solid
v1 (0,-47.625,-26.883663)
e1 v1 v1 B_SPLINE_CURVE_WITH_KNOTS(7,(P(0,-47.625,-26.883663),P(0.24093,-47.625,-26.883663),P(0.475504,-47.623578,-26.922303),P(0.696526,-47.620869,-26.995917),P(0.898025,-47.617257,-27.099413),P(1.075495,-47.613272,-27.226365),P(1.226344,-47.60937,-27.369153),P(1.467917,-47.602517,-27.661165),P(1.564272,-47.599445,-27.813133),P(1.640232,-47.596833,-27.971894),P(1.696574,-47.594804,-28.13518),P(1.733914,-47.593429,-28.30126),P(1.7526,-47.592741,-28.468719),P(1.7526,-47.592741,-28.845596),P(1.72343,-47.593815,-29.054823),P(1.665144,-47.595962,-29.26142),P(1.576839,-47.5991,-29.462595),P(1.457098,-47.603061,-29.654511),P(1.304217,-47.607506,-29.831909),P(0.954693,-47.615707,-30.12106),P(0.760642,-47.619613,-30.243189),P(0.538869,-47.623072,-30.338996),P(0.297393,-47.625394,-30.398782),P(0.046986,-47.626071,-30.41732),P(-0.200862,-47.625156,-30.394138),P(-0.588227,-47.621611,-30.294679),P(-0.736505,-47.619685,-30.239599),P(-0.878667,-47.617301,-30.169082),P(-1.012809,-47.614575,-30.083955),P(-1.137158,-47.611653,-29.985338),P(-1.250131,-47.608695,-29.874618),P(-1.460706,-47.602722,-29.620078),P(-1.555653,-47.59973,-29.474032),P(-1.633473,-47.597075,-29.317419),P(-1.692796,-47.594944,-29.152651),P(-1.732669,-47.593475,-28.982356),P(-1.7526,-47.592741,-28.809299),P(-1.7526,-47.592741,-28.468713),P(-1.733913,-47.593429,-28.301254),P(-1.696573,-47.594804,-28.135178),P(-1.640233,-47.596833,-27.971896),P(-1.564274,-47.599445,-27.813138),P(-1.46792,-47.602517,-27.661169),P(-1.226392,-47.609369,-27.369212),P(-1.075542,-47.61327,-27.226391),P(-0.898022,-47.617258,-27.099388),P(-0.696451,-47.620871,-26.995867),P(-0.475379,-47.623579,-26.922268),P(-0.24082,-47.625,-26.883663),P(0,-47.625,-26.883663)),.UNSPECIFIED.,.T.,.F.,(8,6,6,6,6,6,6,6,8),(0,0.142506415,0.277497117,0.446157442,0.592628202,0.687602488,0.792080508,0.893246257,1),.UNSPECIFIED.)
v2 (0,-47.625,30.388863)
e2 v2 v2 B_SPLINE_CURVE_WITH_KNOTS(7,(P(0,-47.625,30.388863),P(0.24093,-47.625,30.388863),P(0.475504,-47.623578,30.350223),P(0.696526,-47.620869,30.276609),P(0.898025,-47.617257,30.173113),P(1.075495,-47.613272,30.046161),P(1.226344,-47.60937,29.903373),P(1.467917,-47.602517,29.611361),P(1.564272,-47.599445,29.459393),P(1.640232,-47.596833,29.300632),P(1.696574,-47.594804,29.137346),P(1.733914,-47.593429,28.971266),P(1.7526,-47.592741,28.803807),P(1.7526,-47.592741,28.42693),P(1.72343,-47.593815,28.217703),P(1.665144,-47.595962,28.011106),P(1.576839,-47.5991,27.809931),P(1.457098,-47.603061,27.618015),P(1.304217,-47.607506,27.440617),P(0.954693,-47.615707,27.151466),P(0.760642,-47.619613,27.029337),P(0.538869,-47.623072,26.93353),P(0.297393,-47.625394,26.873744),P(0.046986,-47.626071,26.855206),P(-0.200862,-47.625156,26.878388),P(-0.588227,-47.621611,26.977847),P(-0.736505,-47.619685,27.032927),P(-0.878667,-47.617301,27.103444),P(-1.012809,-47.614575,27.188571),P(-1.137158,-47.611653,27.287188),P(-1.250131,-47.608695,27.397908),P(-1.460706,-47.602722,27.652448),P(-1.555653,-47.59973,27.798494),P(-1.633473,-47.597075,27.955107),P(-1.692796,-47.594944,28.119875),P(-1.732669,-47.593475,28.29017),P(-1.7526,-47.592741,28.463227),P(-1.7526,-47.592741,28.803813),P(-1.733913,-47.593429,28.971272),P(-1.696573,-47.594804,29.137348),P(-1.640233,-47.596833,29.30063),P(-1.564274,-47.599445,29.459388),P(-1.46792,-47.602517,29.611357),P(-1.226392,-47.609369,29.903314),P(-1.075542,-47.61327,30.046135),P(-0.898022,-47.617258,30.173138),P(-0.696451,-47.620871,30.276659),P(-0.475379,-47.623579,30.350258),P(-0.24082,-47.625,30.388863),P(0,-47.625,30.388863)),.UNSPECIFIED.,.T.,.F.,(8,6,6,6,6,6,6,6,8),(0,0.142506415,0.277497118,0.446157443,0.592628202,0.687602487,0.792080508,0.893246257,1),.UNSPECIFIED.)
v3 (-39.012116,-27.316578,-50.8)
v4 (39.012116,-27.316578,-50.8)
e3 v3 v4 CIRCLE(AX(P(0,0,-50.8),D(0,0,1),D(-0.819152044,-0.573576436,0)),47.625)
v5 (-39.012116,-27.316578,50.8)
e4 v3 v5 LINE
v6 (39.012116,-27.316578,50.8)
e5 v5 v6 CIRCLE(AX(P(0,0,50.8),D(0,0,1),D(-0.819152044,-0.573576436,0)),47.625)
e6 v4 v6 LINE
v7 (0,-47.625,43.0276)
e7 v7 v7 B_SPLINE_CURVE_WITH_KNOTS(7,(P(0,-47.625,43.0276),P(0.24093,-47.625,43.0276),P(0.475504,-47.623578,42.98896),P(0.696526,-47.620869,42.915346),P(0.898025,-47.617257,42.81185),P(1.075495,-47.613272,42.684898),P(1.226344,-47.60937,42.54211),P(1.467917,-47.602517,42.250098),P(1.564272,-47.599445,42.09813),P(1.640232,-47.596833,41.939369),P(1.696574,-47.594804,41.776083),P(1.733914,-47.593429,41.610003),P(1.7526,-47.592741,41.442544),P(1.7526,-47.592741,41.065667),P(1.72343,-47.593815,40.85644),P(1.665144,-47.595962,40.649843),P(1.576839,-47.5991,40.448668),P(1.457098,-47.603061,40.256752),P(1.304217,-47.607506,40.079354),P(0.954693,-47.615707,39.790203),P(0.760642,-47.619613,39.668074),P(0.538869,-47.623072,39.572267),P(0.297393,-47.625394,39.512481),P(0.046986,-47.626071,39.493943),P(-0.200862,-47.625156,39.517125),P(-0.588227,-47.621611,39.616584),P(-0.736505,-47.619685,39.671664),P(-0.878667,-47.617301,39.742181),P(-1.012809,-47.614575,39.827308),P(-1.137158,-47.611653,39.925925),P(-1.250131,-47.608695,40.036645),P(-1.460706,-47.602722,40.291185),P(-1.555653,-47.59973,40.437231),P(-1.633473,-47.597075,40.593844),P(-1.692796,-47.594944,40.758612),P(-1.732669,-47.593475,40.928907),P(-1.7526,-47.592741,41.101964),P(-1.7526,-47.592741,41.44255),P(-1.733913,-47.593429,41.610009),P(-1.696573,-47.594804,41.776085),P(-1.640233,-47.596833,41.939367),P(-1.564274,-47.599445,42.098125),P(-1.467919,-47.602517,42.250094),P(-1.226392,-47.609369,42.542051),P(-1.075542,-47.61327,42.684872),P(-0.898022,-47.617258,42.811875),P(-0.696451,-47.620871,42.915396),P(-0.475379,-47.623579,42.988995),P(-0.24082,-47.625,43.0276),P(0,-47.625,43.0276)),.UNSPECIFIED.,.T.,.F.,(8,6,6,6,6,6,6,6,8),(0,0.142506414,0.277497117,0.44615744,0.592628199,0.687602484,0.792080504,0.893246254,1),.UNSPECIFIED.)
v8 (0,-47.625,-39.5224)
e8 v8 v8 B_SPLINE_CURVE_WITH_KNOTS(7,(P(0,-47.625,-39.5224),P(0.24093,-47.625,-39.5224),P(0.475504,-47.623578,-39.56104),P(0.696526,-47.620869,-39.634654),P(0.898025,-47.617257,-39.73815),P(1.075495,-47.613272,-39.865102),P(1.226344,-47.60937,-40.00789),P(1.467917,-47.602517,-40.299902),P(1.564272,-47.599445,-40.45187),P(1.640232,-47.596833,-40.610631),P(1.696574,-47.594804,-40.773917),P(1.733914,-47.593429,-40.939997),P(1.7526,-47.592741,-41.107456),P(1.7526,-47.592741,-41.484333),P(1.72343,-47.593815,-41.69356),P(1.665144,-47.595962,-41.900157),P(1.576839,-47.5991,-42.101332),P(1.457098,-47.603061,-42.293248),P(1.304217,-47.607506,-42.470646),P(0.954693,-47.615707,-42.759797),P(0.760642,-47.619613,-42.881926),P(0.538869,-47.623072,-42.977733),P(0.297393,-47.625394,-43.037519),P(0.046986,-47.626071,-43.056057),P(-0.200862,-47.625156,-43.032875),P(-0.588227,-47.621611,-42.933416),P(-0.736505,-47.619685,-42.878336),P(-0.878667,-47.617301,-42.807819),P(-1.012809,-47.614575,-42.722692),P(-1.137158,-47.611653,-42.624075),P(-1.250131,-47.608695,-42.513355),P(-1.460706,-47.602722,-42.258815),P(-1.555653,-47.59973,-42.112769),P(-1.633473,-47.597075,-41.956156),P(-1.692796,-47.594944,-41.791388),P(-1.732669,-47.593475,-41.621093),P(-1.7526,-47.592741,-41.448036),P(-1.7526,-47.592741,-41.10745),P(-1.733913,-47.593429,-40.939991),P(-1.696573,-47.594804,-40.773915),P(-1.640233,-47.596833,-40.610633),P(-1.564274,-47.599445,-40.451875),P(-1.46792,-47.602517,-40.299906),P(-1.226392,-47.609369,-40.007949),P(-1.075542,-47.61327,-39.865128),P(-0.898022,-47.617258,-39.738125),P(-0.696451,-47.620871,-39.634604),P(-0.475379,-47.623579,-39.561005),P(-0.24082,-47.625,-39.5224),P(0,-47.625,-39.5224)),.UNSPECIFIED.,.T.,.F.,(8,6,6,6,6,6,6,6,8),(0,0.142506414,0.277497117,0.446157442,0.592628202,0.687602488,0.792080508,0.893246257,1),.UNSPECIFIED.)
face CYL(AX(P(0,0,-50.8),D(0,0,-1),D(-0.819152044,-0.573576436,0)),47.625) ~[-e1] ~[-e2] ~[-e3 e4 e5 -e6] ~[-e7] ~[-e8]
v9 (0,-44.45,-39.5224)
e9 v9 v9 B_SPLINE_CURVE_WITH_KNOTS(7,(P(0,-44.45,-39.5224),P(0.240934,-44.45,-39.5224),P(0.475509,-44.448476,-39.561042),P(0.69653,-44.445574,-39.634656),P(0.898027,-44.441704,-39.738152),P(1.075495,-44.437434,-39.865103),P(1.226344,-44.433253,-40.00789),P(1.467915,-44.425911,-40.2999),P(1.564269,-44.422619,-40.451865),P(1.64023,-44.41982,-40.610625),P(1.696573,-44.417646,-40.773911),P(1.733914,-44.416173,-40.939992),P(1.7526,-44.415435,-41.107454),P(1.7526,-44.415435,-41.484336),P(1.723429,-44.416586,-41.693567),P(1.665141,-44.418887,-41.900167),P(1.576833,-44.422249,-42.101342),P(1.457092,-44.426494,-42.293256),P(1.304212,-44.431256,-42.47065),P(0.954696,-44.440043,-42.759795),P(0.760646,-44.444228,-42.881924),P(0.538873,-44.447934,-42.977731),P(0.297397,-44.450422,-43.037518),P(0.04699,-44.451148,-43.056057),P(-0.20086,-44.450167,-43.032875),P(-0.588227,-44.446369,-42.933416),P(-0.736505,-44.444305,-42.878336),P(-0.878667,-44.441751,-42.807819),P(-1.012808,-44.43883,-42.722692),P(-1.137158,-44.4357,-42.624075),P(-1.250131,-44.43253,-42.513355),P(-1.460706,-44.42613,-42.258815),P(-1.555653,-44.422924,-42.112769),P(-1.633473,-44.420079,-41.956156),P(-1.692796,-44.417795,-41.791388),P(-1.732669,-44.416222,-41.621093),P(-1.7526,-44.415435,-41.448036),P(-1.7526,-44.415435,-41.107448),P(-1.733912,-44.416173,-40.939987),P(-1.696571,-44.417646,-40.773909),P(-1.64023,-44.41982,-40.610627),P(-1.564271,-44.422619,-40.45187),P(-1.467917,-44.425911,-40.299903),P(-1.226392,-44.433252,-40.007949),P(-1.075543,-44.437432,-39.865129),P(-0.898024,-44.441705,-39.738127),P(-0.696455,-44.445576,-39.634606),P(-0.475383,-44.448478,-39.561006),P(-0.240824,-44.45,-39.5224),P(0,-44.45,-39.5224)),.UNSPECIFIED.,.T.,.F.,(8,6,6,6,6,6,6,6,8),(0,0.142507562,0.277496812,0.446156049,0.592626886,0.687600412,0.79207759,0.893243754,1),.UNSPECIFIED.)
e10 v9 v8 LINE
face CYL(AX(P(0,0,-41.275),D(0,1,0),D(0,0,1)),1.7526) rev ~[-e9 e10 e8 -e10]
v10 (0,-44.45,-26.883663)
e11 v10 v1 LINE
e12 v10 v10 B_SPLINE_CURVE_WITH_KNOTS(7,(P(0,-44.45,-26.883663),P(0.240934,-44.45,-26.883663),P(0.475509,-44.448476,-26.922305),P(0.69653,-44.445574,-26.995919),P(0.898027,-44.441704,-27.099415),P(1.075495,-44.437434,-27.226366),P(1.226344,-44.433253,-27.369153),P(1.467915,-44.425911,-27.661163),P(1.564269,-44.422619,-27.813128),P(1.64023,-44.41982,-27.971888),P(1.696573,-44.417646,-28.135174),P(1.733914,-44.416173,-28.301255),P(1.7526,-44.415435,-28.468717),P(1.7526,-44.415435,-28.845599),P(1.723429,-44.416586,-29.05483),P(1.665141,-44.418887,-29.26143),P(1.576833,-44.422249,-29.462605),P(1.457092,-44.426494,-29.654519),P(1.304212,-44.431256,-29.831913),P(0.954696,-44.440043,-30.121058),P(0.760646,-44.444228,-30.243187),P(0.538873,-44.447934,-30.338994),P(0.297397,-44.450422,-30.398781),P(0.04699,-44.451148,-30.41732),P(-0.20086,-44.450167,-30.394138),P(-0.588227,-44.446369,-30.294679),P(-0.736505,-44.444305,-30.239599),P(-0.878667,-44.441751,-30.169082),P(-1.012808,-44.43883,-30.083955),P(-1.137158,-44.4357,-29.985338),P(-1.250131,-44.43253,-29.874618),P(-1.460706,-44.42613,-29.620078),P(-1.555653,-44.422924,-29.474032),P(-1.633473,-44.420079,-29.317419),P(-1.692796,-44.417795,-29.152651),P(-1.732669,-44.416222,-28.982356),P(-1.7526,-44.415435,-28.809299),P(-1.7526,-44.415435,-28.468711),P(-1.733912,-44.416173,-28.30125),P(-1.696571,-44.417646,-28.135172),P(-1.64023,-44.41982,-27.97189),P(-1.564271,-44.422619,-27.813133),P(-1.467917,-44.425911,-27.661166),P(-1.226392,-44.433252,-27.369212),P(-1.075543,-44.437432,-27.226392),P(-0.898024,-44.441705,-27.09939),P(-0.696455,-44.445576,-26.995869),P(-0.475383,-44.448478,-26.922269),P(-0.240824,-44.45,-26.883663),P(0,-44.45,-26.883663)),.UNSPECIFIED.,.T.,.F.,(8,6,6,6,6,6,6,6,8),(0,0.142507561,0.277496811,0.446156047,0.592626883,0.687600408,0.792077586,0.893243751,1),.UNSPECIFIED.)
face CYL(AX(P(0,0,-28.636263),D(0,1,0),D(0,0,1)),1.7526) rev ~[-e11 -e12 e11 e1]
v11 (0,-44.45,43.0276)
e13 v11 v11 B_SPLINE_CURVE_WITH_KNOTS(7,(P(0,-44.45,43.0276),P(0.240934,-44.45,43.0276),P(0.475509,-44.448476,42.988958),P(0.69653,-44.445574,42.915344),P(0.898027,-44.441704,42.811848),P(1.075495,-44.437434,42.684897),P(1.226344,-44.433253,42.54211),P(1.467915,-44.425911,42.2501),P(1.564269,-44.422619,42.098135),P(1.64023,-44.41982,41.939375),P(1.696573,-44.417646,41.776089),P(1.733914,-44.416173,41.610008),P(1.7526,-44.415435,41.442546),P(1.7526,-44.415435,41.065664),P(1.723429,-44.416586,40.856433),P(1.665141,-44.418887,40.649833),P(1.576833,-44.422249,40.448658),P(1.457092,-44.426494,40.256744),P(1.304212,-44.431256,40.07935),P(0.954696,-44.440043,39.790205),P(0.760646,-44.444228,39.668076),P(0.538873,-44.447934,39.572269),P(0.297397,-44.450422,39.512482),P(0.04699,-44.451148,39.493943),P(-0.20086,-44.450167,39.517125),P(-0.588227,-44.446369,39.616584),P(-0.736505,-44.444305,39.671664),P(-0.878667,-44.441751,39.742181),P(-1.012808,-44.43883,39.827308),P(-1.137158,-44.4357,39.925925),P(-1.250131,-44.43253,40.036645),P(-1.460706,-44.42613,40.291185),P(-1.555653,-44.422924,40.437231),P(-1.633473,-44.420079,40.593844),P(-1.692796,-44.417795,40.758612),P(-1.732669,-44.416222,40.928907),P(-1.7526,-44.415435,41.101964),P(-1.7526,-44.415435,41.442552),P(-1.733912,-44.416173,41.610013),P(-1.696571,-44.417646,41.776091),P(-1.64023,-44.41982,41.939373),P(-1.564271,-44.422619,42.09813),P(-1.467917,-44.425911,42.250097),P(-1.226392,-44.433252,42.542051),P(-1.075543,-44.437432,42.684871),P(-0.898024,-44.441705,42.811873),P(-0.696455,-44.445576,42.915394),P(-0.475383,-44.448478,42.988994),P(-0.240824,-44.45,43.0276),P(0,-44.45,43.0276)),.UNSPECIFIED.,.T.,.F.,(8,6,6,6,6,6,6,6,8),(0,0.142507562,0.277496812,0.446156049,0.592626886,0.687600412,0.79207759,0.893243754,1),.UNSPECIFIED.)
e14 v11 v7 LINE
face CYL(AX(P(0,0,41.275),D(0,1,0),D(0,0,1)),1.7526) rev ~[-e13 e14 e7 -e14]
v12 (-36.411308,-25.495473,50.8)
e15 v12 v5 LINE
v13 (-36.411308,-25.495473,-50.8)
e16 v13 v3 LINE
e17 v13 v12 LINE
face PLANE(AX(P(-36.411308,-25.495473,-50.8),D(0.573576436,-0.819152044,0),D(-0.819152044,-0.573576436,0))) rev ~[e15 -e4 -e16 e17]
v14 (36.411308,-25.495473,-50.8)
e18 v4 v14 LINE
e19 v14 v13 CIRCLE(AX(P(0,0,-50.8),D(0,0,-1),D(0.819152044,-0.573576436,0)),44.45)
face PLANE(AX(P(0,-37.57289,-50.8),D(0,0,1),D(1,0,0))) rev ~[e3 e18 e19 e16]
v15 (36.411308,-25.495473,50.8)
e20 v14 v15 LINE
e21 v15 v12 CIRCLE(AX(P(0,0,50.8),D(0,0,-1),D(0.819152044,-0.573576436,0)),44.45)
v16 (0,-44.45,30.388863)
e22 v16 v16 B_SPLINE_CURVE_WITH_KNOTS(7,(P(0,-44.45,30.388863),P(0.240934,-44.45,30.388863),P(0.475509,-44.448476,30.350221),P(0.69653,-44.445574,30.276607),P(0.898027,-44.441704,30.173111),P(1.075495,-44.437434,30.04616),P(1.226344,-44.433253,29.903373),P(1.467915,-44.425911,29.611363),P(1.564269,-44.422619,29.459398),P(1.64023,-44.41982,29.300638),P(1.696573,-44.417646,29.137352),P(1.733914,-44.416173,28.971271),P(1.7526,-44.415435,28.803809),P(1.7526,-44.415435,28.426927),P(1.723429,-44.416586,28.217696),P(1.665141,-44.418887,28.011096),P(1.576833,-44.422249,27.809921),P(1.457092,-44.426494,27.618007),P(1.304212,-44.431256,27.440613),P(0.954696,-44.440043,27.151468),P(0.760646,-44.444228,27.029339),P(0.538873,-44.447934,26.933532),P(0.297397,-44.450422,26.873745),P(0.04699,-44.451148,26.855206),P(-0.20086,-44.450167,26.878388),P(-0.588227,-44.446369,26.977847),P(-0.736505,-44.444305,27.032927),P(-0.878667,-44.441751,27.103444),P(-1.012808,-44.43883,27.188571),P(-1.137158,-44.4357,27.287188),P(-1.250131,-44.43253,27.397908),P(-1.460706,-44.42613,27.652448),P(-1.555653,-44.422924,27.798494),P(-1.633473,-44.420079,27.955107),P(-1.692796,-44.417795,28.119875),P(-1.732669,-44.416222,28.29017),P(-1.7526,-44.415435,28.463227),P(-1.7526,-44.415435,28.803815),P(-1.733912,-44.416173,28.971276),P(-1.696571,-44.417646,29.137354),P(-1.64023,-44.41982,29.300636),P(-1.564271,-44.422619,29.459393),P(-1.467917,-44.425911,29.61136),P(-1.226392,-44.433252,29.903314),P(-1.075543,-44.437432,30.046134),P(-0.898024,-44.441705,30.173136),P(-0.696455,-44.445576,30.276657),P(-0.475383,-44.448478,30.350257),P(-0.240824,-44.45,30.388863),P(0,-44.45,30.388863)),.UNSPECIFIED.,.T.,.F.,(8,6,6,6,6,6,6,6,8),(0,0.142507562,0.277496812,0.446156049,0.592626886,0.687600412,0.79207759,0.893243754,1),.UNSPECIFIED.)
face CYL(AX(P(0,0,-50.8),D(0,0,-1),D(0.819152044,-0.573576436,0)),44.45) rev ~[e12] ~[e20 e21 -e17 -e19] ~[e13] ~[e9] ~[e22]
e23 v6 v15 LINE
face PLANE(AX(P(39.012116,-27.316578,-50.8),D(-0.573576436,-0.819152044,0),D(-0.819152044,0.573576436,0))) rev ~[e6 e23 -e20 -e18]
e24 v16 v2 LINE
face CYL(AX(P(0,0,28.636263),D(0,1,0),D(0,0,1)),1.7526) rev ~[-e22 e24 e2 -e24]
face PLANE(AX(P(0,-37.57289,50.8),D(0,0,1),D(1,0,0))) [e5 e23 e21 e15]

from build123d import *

# Parameters (mm, degrees)
BOSS_EXTRUDE1_DEPTH      = 50.8
BOSS_EXTRUDE1_DEPTH_BACK = 50.8
SKETCH3_R                = 1.7526
CUT_EXTRUDE1_DEPTH       = 96


with BuildPart() as part:
    # Sketch1 → Boss-Extrude1 (new, two sides: drawn at the far end of the back side and taken through both)
    with BuildSketch(Plane.XY.offset(-BOSS_EXTRUDE1_DEPTH_BACK)):
        with BuildLine():
            ThreePointArc((36.411308369, -25.495472596), (0, -44.45), (-36.411308369, -25.495472596))
            Line((-36.411308369, -25.495472596), (-39.012116109, -27.316577781))
            ThreePointArc((-39.012116109, -27.316577781), (0, -47.625), (39.012116109, -27.316577781))
            Line((39.012116109, -27.316577781), (36.411308369, -25.495472596))
        make_face()
    extrude(amount=BOSS_EXTRUDE1_DEPTH + BOSS_EXTRUDE1_DEPTH_BACK)

    # Sketch3 → Cut-Extrude1 (cut)
    with BuildSketch(Plane(origin=(0, 0, 0), x_dir=(1, 0, 0), z_dir=(0, 1, 0))):
        with Locations((0, 41.275)):
            Circle(SKETCH3_R)
        with Locations((0, 28.636263)):
            Circle(SKETCH3_R)
        with Locations((0, -28.636263)):
            Circle(SKETCH3_R)
        with Locations((0, -41.275)):
            Circle(SKETCH3_R)
    extrude(amount=-CUT_EXTRUDE1_DEPTH, mode=Mode.SUBTRACT)


solid = part.part
